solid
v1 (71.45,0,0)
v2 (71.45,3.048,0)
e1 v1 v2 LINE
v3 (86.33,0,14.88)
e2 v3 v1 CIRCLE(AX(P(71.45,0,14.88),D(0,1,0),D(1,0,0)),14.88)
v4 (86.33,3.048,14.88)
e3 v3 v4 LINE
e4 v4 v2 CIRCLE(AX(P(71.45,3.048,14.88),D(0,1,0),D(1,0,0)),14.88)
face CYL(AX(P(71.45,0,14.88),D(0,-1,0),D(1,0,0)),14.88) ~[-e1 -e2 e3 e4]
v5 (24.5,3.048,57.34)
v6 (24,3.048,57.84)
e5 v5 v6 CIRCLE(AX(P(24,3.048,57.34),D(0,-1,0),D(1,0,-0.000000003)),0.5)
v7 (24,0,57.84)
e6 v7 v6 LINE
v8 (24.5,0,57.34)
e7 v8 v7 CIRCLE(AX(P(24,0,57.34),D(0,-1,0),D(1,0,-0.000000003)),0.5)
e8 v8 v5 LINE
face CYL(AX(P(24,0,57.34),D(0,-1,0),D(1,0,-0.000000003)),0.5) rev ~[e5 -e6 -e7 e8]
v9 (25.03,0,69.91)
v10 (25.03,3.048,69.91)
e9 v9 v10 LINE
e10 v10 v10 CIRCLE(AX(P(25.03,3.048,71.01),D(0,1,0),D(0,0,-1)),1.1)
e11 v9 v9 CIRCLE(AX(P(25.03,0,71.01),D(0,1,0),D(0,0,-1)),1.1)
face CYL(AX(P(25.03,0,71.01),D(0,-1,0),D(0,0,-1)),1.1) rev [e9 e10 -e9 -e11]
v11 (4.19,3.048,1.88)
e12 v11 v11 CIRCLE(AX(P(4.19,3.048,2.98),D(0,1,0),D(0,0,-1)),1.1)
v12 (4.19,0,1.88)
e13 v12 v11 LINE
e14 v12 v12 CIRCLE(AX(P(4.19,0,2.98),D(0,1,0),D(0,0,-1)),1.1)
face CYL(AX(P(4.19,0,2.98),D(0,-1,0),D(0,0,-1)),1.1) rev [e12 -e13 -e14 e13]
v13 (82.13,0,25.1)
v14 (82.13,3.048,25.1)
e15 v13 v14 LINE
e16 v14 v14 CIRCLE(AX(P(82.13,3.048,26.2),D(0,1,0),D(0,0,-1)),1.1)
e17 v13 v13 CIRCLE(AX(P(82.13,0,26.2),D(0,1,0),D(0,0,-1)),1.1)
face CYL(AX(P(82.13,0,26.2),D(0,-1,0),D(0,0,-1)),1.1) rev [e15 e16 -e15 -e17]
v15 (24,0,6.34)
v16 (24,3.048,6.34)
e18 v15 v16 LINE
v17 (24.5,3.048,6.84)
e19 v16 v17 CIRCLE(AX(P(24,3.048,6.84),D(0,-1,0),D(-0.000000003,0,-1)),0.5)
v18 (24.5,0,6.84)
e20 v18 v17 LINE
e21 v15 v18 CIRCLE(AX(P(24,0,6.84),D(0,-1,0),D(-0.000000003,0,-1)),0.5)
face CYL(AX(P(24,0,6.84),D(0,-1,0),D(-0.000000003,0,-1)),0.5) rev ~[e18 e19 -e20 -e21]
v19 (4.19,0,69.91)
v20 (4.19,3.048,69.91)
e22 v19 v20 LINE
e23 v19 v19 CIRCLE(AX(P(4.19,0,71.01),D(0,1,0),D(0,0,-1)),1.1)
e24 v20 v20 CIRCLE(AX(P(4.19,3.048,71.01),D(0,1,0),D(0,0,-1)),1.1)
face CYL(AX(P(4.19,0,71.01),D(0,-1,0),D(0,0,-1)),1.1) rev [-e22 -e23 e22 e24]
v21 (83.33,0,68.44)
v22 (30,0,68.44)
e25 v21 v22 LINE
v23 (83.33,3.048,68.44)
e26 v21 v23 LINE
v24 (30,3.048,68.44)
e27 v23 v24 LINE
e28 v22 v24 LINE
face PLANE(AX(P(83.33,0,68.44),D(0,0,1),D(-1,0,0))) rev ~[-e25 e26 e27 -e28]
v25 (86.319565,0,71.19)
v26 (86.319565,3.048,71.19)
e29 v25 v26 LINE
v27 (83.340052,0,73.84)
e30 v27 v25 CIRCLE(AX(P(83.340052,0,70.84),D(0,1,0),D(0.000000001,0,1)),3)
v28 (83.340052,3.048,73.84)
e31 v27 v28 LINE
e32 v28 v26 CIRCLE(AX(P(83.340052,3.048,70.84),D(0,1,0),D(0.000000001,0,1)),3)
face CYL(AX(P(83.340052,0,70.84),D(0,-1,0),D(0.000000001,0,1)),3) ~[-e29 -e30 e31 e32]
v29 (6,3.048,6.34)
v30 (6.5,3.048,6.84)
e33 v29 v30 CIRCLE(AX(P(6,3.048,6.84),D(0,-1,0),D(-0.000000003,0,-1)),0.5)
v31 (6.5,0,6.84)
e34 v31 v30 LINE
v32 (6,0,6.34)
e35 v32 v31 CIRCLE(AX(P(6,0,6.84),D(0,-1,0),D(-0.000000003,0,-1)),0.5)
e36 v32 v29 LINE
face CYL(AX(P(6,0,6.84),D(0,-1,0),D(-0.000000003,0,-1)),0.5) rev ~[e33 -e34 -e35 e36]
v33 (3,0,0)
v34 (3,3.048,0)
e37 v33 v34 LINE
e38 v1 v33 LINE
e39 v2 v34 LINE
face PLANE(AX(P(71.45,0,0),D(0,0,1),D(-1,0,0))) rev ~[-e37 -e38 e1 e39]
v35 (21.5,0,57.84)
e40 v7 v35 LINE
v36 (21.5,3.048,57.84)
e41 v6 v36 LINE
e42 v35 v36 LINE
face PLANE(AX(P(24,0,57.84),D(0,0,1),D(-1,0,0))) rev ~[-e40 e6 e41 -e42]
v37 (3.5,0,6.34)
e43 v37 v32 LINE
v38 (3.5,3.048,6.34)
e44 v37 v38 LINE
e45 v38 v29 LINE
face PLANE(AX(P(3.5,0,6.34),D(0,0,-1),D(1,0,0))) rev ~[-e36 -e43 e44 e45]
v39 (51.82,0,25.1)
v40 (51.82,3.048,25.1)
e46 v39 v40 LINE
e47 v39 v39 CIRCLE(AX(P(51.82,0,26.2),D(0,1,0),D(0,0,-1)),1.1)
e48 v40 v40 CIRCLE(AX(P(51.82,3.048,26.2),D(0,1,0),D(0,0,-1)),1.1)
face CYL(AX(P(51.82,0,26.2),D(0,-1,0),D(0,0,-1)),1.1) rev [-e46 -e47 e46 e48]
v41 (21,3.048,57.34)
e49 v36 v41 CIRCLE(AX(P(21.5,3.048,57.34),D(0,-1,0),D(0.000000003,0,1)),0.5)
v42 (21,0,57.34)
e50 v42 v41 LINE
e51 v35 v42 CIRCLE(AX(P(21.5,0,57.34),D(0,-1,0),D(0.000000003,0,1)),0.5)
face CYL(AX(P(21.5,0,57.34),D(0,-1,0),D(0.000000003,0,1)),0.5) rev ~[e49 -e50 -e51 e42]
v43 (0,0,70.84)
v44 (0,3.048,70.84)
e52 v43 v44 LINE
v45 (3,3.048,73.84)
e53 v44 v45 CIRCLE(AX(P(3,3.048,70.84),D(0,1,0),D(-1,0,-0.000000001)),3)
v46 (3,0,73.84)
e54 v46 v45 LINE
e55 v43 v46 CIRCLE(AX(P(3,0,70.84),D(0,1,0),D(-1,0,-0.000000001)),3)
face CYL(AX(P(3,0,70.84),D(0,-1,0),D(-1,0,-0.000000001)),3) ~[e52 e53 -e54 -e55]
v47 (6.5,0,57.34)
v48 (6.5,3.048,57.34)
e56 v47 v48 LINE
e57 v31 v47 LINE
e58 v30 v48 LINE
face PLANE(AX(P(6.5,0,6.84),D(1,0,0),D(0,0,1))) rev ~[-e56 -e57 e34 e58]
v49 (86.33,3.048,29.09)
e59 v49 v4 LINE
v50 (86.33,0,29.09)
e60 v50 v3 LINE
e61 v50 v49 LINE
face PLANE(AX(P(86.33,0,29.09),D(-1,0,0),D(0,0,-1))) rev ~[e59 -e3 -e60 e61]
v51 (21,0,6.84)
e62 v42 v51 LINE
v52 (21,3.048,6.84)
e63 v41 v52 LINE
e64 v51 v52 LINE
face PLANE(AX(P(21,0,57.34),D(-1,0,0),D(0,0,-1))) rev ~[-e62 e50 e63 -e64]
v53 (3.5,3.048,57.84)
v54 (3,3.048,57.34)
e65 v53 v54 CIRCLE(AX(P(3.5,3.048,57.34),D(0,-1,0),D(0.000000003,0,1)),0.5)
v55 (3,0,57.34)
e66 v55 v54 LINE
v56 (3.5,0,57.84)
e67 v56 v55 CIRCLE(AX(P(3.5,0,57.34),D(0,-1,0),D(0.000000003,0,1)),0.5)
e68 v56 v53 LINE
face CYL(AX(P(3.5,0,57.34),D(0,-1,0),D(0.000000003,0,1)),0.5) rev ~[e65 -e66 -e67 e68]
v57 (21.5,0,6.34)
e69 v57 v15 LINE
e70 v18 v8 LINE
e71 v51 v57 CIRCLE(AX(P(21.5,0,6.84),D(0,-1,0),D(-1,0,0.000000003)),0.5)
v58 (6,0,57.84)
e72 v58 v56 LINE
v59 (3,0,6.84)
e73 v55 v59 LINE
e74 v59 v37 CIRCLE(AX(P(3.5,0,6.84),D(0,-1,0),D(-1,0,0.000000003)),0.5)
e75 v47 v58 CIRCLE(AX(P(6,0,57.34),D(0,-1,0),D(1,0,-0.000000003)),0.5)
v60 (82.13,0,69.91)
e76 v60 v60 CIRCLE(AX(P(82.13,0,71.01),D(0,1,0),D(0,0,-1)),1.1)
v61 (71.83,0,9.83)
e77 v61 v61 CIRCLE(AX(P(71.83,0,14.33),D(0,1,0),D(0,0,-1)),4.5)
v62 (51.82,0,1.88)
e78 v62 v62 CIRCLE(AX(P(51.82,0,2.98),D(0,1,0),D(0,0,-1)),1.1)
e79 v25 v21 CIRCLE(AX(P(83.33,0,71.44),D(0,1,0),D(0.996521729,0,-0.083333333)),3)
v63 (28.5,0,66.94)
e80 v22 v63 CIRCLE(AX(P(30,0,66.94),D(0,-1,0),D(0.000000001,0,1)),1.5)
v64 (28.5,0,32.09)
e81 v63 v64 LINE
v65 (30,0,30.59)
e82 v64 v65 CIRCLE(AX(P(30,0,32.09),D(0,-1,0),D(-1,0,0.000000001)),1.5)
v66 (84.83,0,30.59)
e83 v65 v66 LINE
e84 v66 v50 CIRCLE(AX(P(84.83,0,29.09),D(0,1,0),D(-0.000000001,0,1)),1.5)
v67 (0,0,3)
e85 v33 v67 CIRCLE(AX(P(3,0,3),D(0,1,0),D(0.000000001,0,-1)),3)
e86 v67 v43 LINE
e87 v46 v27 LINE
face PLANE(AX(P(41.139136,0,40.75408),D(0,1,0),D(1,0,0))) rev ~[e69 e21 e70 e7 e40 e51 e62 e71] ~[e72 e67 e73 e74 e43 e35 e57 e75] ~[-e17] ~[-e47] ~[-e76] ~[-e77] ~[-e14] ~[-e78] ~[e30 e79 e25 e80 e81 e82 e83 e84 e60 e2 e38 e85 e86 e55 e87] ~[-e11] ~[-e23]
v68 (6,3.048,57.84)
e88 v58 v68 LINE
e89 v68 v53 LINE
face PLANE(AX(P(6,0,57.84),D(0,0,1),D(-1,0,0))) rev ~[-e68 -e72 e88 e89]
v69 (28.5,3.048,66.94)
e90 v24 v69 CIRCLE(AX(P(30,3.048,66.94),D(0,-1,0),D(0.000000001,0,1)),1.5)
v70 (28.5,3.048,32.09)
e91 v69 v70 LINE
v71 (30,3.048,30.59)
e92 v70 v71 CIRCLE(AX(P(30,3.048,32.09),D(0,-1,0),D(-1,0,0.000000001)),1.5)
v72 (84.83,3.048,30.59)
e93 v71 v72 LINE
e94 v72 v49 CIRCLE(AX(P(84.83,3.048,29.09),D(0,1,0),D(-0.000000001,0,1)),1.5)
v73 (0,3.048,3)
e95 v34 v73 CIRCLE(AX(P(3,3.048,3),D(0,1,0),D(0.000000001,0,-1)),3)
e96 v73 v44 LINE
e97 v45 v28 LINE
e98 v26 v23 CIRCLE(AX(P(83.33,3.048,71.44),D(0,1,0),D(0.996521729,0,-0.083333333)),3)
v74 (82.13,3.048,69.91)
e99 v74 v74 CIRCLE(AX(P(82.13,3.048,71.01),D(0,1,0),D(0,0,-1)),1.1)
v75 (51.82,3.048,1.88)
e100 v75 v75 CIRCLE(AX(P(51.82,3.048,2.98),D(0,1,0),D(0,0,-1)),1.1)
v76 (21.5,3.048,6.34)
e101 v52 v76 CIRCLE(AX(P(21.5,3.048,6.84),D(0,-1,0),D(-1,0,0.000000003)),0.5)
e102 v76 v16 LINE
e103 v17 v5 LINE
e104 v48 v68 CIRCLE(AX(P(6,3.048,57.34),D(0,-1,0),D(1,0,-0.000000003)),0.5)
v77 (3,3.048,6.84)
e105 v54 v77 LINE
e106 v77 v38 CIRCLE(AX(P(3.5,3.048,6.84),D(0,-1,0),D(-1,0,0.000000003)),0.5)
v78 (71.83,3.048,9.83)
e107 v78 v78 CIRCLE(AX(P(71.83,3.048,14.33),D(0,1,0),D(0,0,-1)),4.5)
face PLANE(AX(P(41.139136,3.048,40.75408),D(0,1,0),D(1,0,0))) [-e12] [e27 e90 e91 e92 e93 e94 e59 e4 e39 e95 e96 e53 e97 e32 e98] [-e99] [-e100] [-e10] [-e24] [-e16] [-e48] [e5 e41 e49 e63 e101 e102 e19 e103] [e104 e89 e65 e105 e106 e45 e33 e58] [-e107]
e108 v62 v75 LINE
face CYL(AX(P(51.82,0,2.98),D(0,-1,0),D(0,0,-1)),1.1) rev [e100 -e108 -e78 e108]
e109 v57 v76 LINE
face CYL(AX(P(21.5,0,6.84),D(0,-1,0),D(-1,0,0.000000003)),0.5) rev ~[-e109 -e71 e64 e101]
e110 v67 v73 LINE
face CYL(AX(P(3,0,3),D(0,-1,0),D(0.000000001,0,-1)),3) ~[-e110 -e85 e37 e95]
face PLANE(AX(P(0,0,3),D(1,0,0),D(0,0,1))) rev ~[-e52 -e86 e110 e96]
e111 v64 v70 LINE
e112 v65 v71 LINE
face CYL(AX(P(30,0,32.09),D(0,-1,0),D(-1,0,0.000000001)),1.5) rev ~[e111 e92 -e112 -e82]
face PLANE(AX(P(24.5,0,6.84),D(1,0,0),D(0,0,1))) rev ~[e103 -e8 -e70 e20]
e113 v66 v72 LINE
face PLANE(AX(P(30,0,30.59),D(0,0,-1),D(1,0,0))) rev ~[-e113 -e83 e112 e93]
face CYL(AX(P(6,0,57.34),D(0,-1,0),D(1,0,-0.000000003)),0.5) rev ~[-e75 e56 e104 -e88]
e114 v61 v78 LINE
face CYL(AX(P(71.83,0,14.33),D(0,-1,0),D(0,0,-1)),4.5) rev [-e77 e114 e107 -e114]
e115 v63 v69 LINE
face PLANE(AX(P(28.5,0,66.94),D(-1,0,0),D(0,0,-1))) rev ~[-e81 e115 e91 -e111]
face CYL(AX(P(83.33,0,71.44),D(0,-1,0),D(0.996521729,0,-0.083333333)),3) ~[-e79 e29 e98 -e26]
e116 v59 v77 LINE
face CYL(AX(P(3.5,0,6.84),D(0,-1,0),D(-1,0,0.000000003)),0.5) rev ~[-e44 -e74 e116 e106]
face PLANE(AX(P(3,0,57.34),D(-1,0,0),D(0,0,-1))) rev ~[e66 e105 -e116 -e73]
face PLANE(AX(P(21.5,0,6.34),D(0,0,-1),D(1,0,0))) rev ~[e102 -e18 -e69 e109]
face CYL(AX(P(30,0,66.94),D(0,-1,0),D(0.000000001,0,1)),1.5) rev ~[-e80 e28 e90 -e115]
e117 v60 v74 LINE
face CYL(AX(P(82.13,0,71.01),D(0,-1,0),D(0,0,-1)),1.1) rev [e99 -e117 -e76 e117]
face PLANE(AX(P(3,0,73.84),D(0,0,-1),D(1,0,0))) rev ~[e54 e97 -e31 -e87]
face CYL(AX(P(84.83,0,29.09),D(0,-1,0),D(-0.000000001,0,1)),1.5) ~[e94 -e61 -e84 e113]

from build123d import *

# Parameters (mm, degrees)
SKETCH2_R           = 1.1
SKETCH2_R_2         = 4.5
BOSS_EXTRUDE1_DEPTH = 3.048


with BuildPart() as part:
    # Sketch2 → Boss-Extrude1 (new body)
    with BuildSketch(Plane(origin=(0, 0, 0), x_dir=(1, 0, 0), z_dir=(0, 1, 0))):
        with BuildLine():
            Line((28.5, -66.94), (28.5, -32.09))
            ThreePointArc((28.5, -32.09), (28.939339828, -31.029339828), (30, -30.59))
            Line((30, -30.59), (84.83, -30.59))
            ThreePointArc((84.83, -30.59), (85.890660172, -30.150660172), (86.33, -29.09))
            Line((86.33, -29.09), (86.33, -14.88))
            ThreePointArc((86.33, -14.88), (81.971748904, -4.358251096), (71.45, 0))
            Line((71.45, 0), (3, 0))
            ThreePointArc((3, 0), (0.878679656, -0.878679656), (0, -3))
            Line((0, -3), (0, -70.84))
            ThreePointArc((0, -70.84), (0.878679656, -72.961320344), (3, -73.84))
            Line((3, -73.84), (83.340051803, -73.84))
            ThreePointArc((83.340051803, -73.84), (85.333792006, -73.081651177), (86.319565186, -71.19))
            ThreePointArc((86.319565186, -71.19), (85.361009601, -69.232059783), (83.33, -68.44))
            Line((83.33, -68.44), (30, -68.44))
            ThreePointArc((30, -68.44), (28.939339828, -68.000660172), (28.5, -66.94))
        make_face()
        with Locations(Location((4.19, -71.01, 0), (0, 0, 90))):
            Circle(SKETCH2_R, mode=Mode.SUBTRACT)
        with Locations(Location((25.03, -71.01, 0), (0, 0, 90))):
            Circle(SKETCH2_R, mode=Mode.SUBTRACT)
        with Locations(Location((4.19, -2.98, 0), (0, 0, 90))):
            Circle(SKETCH2_R, mode=Mode.SUBTRACT)
        with Locations(Location((51.82, -2.98, 0), (0, 0, 90))):
            Circle(SKETCH2_R, mode=Mode.SUBTRACT)
        with Locations(Location((51.82, -26.2, 0), (0, 0, 90))):
            Circle(SKETCH2_R, mode=Mode.SUBTRACT)
        with Locations(Location((82.13, -71.01, 0), (0, 0, 90))):
            Circle(SKETCH2_R, mode=Mode.SUBTRACT)
        with Locations(Location((82.13, -26.2, 0), (0, 0, 90))):
            Circle(SKETCH2_R, mode=Mode.SUBTRACT)
        with Locations(Location((71.83, -14.33, 0), (0, 0, 90))):
            Circle(SKETCH2_R_2, mode=Mode.SUBTRACT)
        with BuildLine():
            Line((6.5, -6.84), (6.5, -57.34))
            ThreePointArc((6.5, -57.34), (6.353553391, -57.693553391), (6, -57.84))
            Line((6, -57.84), (3.5, -57.84))
            ThreePointArc((3.5, -57.84), (3.146446609, -57.693553391), (3, -57.34))
            Line((3, -57.34), (3, -6.84))
            ThreePointArc((3, -6.84), (3.146446609, -6.486446609), (3.5, -6.34))
            Line((3.5, -6.34), (6, -6.34))
            ThreePointArc((6, -6.34), (6.353553391, -6.486446609), (6.5, -6.84))
        make_face(mode=Mode.SUBTRACT)
        with BuildLine():
            Line((24.5, -6.84), (24.5, -57.34))
            ThreePointArc((24.5, -57.34), (24.353553391, -57.693553391), (24, -57.84))
            Line((24, -57.84), (21.5, -57.84))
            ThreePointArc((21.5, -57.84), (21.146446609, -57.693553391), (21, -57.34))
            Line((21, -57.34), (21, -6.84))
            ThreePointArc((21, -6.84), (21.146446609, -6.486446609), (21.5, -6.34))
            Line((21.5, -6.34), (24, -6.34))
            ThreePointArc((24, -6.34), (24.353553391, -6.486446609), (24.5, -6.84))
        make_face(mode=Mode.SUBTRACT)
    extrude(amount=BOSS_EXTRUDE1_DEPTH)


solid = part.part
